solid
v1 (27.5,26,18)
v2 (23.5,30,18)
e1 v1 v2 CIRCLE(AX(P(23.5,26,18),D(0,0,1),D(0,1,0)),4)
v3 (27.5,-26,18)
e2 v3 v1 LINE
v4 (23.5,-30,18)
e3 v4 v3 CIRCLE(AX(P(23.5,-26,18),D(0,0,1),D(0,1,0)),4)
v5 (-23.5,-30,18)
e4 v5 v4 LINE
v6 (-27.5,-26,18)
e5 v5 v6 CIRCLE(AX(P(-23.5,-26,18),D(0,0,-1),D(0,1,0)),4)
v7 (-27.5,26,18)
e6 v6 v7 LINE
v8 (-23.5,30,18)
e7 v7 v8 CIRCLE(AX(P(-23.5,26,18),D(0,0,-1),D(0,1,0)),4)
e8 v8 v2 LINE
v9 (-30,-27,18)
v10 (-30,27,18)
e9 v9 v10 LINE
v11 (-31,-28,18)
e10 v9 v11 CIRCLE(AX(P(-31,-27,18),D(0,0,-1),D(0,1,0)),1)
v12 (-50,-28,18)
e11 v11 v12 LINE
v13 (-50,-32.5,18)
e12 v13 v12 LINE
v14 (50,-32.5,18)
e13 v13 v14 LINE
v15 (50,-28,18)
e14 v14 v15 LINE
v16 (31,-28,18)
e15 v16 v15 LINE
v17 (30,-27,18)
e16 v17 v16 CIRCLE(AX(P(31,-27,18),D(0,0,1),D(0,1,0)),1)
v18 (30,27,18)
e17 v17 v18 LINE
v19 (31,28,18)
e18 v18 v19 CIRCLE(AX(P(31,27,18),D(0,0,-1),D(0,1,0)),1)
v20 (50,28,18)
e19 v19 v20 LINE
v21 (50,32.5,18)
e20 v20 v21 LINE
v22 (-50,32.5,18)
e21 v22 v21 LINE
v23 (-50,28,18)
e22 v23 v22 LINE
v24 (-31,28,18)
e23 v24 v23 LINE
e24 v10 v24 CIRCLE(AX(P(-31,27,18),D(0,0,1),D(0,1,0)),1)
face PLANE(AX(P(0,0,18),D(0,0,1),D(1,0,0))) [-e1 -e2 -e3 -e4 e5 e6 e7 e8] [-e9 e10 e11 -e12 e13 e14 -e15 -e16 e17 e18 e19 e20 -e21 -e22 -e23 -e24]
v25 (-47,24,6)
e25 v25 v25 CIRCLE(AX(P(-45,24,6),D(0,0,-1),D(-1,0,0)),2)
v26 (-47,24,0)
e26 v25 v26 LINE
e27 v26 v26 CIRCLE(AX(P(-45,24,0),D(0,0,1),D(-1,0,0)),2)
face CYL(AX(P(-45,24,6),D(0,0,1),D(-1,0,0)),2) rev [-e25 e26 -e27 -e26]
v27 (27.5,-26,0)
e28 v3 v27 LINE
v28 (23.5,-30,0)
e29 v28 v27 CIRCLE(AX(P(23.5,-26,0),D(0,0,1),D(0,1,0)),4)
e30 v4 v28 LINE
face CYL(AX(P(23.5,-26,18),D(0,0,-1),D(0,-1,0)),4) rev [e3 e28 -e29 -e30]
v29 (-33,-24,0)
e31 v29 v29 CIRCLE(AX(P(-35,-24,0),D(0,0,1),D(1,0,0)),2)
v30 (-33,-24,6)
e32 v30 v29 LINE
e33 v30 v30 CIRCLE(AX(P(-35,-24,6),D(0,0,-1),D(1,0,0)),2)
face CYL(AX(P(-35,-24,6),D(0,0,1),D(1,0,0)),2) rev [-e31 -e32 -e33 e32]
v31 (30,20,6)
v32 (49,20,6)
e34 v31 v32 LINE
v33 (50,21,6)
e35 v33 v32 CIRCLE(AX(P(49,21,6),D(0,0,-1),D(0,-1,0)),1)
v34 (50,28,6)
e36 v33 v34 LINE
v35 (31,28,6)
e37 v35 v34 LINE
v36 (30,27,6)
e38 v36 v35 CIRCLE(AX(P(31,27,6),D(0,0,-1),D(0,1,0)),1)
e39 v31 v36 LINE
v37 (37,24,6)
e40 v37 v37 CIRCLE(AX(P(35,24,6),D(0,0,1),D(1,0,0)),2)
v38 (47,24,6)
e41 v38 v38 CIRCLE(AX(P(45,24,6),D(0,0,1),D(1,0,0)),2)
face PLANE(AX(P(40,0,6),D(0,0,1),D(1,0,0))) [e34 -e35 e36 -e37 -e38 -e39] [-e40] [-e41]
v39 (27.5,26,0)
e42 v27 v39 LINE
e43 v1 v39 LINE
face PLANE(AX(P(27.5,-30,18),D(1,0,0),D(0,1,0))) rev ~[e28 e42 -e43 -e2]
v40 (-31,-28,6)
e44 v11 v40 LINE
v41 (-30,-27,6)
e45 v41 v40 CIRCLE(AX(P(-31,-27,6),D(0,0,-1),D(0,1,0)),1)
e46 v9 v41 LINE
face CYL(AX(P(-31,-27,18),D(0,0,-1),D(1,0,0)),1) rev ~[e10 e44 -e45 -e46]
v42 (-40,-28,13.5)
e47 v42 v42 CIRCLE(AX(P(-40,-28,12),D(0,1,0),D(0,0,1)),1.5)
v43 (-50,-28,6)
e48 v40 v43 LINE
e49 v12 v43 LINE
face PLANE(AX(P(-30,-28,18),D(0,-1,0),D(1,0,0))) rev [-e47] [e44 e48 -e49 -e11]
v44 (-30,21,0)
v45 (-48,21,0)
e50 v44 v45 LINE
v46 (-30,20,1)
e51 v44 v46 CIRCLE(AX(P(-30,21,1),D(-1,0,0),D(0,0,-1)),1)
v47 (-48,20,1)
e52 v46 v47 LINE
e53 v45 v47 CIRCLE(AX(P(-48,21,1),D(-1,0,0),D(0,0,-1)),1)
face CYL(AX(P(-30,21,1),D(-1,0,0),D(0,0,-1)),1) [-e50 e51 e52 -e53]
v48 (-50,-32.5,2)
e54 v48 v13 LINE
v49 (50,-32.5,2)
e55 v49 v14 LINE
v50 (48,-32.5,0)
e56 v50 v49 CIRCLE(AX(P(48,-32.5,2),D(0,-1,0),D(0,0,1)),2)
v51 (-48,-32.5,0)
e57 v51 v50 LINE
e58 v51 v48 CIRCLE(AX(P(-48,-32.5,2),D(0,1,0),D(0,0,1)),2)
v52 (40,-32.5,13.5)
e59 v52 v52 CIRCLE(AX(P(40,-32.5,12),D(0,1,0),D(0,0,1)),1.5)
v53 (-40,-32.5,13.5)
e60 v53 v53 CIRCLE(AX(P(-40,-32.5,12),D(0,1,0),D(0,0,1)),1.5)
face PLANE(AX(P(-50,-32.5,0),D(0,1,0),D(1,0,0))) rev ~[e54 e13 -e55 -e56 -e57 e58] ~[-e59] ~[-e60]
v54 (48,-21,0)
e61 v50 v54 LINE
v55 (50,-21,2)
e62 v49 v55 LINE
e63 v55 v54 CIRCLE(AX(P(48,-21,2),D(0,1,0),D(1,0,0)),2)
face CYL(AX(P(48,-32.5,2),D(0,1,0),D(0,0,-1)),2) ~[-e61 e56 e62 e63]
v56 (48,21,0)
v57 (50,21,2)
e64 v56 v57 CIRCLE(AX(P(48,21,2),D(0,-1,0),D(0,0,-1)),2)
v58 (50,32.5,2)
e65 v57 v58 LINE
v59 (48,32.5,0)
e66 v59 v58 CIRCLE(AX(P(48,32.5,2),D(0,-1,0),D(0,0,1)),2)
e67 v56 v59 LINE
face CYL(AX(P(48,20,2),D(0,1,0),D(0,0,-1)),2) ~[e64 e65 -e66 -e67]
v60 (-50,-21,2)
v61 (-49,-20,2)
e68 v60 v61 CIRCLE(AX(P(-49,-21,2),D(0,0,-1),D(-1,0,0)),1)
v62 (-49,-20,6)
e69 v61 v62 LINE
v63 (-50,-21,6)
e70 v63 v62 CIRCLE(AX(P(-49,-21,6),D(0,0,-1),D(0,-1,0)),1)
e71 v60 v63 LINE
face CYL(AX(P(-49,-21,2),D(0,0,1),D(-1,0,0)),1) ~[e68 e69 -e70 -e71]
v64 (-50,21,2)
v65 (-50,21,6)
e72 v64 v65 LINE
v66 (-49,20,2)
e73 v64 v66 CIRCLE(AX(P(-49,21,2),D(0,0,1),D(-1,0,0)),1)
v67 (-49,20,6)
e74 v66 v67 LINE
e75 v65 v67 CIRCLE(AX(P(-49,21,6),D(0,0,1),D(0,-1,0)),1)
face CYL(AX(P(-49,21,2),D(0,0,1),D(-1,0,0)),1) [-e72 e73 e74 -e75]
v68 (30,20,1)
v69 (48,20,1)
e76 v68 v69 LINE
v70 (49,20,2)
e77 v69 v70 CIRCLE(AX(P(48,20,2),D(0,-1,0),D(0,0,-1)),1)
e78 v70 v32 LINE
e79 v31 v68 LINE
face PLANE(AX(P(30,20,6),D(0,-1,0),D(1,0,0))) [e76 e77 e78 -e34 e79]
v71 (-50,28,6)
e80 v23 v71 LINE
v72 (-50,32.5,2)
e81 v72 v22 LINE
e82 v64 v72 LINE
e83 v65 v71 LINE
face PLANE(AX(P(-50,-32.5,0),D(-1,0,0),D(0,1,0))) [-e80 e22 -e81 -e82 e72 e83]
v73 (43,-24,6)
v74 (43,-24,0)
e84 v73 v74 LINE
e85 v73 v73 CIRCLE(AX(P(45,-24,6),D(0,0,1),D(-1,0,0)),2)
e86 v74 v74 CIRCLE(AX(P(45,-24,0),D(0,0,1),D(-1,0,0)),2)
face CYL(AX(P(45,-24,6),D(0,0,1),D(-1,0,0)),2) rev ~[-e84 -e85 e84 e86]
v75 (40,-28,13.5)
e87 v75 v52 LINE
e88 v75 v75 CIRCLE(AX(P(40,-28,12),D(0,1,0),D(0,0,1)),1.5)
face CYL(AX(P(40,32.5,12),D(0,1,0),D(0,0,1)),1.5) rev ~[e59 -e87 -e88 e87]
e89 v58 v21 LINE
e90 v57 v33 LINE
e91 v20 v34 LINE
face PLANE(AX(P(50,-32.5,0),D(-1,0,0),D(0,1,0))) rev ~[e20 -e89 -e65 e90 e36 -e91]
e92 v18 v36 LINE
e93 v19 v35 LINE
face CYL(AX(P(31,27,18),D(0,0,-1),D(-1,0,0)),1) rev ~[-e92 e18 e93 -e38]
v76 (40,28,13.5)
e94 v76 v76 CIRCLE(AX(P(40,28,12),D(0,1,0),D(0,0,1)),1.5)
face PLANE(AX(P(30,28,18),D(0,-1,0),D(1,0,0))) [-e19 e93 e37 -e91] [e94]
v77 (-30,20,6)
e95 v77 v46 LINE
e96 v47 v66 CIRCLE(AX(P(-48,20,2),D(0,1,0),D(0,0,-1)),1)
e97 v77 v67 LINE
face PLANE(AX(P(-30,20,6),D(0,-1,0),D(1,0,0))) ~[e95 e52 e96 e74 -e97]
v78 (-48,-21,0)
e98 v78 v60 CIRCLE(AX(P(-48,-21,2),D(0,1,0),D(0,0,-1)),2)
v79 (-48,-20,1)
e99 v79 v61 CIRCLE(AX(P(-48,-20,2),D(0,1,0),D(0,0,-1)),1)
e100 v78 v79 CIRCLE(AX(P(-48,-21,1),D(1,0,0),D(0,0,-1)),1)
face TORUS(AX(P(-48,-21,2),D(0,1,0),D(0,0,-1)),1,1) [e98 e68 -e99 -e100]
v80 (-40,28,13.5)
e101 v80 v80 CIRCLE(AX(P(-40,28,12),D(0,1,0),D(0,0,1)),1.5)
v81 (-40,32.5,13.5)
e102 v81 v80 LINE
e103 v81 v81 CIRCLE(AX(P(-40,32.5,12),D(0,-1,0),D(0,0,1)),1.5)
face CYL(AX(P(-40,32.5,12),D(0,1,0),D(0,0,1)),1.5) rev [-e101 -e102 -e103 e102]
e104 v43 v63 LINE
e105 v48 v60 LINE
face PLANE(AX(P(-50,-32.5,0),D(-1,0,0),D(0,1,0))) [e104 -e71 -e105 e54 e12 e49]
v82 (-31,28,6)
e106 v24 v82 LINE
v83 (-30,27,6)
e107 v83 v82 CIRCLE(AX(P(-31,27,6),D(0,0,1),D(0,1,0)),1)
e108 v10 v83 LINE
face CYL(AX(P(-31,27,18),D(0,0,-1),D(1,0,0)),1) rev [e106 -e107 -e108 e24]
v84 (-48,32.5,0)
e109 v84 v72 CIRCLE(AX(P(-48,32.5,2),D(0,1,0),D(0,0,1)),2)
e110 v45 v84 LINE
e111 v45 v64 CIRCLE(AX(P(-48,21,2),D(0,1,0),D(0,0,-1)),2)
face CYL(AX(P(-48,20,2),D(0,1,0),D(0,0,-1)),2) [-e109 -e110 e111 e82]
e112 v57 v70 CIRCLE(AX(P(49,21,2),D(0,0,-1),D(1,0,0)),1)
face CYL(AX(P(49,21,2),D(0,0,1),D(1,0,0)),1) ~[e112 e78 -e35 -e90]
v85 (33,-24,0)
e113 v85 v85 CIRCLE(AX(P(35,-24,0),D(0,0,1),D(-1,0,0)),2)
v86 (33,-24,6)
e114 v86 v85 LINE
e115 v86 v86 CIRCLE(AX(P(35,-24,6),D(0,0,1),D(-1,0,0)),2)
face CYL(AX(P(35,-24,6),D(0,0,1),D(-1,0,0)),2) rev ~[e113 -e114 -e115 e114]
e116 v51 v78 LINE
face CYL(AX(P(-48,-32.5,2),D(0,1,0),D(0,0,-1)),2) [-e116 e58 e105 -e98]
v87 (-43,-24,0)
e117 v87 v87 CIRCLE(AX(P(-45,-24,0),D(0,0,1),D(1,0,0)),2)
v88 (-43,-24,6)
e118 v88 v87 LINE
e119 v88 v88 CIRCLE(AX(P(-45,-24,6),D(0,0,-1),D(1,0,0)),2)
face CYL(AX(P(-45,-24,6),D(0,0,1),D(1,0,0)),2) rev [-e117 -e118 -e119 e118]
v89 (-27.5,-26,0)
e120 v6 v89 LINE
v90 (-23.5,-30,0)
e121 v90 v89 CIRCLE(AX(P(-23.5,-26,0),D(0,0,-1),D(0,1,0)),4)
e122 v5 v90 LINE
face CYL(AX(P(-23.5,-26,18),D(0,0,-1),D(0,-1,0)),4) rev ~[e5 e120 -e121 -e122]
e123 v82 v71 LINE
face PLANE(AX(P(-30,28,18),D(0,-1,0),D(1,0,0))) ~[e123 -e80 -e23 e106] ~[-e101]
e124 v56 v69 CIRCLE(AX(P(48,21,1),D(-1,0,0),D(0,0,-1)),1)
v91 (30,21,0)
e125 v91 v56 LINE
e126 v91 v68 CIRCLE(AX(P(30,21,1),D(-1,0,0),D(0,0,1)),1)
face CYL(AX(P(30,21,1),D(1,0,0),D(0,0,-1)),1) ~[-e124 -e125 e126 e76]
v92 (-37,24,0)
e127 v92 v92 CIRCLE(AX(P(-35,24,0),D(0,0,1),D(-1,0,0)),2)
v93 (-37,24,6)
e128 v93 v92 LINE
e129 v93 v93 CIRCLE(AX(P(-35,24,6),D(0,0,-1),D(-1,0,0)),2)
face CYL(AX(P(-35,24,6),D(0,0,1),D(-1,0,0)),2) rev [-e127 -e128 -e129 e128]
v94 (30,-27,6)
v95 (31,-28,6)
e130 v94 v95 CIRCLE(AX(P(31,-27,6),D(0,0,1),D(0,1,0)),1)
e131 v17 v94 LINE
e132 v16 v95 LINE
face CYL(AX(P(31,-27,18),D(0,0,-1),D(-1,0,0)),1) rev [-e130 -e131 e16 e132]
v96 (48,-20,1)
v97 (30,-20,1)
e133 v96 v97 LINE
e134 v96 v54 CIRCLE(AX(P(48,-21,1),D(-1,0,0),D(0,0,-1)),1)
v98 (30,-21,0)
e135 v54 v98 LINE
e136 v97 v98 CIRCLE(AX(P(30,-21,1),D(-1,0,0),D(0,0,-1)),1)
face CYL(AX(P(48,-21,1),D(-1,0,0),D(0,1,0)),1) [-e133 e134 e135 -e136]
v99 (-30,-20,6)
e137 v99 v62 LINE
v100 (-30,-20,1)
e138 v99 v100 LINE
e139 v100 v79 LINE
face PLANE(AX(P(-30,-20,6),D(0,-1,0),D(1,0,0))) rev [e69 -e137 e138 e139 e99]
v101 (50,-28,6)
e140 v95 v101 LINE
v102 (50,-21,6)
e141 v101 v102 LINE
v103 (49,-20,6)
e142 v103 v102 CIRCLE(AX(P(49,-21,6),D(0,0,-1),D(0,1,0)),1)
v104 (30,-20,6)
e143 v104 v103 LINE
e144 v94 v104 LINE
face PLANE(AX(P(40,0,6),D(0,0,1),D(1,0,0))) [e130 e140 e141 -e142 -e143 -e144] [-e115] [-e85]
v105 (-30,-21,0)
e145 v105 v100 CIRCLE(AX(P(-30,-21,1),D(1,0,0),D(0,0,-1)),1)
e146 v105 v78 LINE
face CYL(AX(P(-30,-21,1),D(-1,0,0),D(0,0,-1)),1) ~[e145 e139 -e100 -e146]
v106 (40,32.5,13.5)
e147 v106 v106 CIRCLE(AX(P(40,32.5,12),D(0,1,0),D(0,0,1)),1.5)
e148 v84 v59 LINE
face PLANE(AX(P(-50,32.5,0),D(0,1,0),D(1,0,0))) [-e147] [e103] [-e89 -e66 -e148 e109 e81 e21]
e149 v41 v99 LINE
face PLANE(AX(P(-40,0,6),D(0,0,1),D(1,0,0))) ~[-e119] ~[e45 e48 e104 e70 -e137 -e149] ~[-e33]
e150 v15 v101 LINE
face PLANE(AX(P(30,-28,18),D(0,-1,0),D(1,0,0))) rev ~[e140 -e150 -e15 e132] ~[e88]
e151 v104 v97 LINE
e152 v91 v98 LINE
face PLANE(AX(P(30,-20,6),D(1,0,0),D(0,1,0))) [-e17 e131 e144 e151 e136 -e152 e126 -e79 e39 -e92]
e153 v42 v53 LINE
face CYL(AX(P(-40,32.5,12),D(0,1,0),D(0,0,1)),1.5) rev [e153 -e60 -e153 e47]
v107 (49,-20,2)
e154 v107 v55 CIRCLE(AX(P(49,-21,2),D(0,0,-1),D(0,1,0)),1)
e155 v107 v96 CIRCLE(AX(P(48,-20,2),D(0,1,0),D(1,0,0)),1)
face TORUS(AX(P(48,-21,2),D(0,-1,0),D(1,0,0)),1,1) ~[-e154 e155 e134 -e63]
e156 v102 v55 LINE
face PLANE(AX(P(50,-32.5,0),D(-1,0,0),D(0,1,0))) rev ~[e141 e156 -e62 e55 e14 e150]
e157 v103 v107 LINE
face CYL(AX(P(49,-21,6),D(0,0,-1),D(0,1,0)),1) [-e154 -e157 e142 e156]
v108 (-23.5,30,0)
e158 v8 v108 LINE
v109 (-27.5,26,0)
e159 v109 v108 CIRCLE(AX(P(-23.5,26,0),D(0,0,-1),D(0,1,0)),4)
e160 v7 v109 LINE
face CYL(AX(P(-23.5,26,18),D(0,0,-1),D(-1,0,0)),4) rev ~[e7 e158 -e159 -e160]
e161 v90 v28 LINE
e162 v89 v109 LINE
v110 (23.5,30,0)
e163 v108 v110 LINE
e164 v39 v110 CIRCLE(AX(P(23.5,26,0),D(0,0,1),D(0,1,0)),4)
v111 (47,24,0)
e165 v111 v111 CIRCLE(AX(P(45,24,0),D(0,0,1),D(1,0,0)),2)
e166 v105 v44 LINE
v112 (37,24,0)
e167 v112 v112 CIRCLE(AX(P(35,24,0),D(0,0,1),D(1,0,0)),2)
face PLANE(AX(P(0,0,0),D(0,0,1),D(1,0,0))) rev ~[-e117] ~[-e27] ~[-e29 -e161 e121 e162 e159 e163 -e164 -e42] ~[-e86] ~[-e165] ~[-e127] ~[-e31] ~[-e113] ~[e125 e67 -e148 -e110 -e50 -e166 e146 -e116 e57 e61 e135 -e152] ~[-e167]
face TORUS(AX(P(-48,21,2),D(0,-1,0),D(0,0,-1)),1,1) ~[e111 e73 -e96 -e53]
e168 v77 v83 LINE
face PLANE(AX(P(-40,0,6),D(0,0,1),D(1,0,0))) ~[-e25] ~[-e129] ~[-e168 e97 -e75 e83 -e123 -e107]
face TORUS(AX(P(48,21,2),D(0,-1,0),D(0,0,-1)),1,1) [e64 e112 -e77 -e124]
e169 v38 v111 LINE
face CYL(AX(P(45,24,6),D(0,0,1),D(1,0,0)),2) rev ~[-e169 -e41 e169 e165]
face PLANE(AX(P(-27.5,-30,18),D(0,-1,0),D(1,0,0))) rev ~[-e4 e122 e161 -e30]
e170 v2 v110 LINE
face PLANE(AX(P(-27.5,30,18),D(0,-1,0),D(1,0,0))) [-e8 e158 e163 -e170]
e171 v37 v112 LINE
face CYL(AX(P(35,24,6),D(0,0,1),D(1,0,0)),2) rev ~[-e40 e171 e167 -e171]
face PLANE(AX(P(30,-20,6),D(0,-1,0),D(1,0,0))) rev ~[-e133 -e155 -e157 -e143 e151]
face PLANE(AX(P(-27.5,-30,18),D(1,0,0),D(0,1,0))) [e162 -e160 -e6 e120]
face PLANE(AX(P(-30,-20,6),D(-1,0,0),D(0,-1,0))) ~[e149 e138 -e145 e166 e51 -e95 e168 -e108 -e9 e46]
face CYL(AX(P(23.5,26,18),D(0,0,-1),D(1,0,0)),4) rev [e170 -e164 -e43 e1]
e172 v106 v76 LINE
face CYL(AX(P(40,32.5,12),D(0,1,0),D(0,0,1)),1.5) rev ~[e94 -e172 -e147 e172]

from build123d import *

# Parameters (mm, degrees)
SKETCH_1_W          = 100
SKETCH_1_H          = 65
EXTRUDE_1_DEPTH     = 18
SKETCH_2_W          = 55
SKETCH_2_H          = 60
CUT_EXTRUDE_1_DEPTH = 63.291652731
SKETCH_3_W          = 20
SKETCH_3_H          = 56
CUT_EXTRUDE_2_DEPTH = 12
SKETCH_4_W          = 20
SKETCH_4_H          = 40
CUT_EXTRUDE_3_DEPTH = 61.829680256
SKETCH_5_R          = 2
CUT_EXTRUDE_4_DEPTH = 61.829680256
SKETCH_6_R          = 1.5
CUT_EXTRUDE_5_DEPTH = 84.958322994
FILLET_1_R          = 4
FILLET_2_R          = 2
FILLET_3_R          = 1


with BuildPart() as part:
    # 草图1 → 凸台-拉伸1 (new body)
    with BuildSketch(Plane.XY):
        Rectangle(SKETCH_1_W, SKETCH_1_H)
    extrude(amount=EXTRUDE_1_DEPTH)

    # 草图2 → 切除-拉伸1 (cut, through all)
    with BuildSketch(Plane.XY.offset(18)):
        Rectangle(SKETCH_2_W, SKETCH_2_H)
    extrude(amount=-CUT_EXTRUDE_1_DEPTH, mode=Mode.SUBTRACT)

    # 草图3 → 切除-拉伸2 (cut)
    with BuildSketch(Plane.XY.offset(18)):
        with Locations((40, 0)):
            Rectangle(SKETCH_3_W, SKETCH_3_H)
    cut_extrude_2 = extrude(amount=-CUT_EXTRUDE_2_DEPTH, mode=Mode.SUBTRACT)

    # 草图4 → 切除-拉伸3 (cut, through all)
    with BuildSketch(Plane.XY.offset(6)):
        with Locations((40, 0)):
            Rectangle(SKETCH_4_W, SKETCH_4_H)
    cut_extrude_3 = extrude(amount=-CUT_EXTRUDE_3_DEPTH, mode=Mode.SUBTRACT)

    # 草图5 → 切除-拉伸4 (cut, through all)
    with BuildSketch(Plane.XY.offset(6)):
        with Locations((45, 24)):
            Circle(SKETCH_5_R)
        with Locations((35, 24)):
            Circle(SKETCH_5_R)
        with Locations(Location((35, -24, 0), (0, 0, 180))):
            Circle(SKETCH_5_R)
        with Locations(Location((45, -24, 0), (0, 0, 180))):
            Circle(SKETCH_5_R)
    cut_extrude_4 = extrude(amount=-CUT_EXTRUDE_4_DEPTH, mode=Mode.SUBTRACT)

    # 草图6 → 切除-拉伸5 (cut, through all)
    with BuildSketch(Plane(origin=(0, 32.5, 0), x_dir=(1, 0, 0), z_dir=(0, 1, 0))):
        with Locations(Location((40, -12, 0), (0, 0, 270))):
            Circle(SKETCH_6_R)
    cut_extrude_5 = extrude(amount=-CUT_EXTRUDE_5_DEPTH, mode=Mode.SUBTRACT)

    # 镜向1: 切除-拉伸2, 切除-拉伸3, 切除-拉伸4, 切除-拉伸5 across plane
    add(cut_extrude_2.mirror(Plane(origin=(0, 0, 0), x_dir=(0, 0, 1), z_dir=(1, 0, 0))), mode=Mode.SUBTRACT)
    add(cut_extrude_3.mirror(Plane(origin=(0, 0, 0), x_dir=(0, 0, 1), z_dir=(1, 0, 0))), mode=Mode.SUBTRACT)
    add(cut_extrude_4.mirror(Plane(origin=(0, 0, 0), x_dir=(0, 0, 1), z_dir=(1, 0, 0))), mode=Mode.SUBTRACT)
    add(cut_extrude_5.mirror(Plane(origin=(0, 0, 0), x_dir=(0, 0, 1), z_dir=(1, 0, 0))), mode=Mode.SUBTRACT)

    # 圆角1
    fillet_1_edges = [part.edges().sort_by_distance(p)[0] for p in [
        (27.5, 30, 9),
        (27.5, -30, 9),
        (-27.5, -30, 9),
        (-27.5, 30, 9),
    ]]
    fillet(fillet_1_edges, radius=FILLET_1_R)

    # 圆角2
    fillet_2_edges = [part.edges().sort_by_distance(p)[0] for p in [
        (50, 26.25, 0),
        (-50, 26.25, 0),
        (50, -26.25, 0),
        (-50, -26.25, 0),
    ]]
    fillet(fillet_2_edges, radius=FILLET_2_R)

    # 圆角3
    fillet_3_edges = [part.edges().sort_by_distance(p)[0] for p in [
        (-39, -20, 0),
        (-50, -20, 4),
        (-39, 20, 0),
        (39, 20, 0),
        (-49.414213562, -20, 0.585786438),
        (-50, 20, 4),
        (-49.414213562, 20, 0.585786438),
        (50, -20, 4),
        (49.414213562, -20, 0.585786438),
        (50, 20, 4),
        (49.414213562, 20, 0.585786438),
        (30, 28, 12),
        (30, -28, 12),
        (39, -20, 0),
        (-30, 28, 12),
        (-30, -28, 12),
    ]]
    fillet(fillet_3_edges, radius=FILLET_3_R)


solid = part.part
